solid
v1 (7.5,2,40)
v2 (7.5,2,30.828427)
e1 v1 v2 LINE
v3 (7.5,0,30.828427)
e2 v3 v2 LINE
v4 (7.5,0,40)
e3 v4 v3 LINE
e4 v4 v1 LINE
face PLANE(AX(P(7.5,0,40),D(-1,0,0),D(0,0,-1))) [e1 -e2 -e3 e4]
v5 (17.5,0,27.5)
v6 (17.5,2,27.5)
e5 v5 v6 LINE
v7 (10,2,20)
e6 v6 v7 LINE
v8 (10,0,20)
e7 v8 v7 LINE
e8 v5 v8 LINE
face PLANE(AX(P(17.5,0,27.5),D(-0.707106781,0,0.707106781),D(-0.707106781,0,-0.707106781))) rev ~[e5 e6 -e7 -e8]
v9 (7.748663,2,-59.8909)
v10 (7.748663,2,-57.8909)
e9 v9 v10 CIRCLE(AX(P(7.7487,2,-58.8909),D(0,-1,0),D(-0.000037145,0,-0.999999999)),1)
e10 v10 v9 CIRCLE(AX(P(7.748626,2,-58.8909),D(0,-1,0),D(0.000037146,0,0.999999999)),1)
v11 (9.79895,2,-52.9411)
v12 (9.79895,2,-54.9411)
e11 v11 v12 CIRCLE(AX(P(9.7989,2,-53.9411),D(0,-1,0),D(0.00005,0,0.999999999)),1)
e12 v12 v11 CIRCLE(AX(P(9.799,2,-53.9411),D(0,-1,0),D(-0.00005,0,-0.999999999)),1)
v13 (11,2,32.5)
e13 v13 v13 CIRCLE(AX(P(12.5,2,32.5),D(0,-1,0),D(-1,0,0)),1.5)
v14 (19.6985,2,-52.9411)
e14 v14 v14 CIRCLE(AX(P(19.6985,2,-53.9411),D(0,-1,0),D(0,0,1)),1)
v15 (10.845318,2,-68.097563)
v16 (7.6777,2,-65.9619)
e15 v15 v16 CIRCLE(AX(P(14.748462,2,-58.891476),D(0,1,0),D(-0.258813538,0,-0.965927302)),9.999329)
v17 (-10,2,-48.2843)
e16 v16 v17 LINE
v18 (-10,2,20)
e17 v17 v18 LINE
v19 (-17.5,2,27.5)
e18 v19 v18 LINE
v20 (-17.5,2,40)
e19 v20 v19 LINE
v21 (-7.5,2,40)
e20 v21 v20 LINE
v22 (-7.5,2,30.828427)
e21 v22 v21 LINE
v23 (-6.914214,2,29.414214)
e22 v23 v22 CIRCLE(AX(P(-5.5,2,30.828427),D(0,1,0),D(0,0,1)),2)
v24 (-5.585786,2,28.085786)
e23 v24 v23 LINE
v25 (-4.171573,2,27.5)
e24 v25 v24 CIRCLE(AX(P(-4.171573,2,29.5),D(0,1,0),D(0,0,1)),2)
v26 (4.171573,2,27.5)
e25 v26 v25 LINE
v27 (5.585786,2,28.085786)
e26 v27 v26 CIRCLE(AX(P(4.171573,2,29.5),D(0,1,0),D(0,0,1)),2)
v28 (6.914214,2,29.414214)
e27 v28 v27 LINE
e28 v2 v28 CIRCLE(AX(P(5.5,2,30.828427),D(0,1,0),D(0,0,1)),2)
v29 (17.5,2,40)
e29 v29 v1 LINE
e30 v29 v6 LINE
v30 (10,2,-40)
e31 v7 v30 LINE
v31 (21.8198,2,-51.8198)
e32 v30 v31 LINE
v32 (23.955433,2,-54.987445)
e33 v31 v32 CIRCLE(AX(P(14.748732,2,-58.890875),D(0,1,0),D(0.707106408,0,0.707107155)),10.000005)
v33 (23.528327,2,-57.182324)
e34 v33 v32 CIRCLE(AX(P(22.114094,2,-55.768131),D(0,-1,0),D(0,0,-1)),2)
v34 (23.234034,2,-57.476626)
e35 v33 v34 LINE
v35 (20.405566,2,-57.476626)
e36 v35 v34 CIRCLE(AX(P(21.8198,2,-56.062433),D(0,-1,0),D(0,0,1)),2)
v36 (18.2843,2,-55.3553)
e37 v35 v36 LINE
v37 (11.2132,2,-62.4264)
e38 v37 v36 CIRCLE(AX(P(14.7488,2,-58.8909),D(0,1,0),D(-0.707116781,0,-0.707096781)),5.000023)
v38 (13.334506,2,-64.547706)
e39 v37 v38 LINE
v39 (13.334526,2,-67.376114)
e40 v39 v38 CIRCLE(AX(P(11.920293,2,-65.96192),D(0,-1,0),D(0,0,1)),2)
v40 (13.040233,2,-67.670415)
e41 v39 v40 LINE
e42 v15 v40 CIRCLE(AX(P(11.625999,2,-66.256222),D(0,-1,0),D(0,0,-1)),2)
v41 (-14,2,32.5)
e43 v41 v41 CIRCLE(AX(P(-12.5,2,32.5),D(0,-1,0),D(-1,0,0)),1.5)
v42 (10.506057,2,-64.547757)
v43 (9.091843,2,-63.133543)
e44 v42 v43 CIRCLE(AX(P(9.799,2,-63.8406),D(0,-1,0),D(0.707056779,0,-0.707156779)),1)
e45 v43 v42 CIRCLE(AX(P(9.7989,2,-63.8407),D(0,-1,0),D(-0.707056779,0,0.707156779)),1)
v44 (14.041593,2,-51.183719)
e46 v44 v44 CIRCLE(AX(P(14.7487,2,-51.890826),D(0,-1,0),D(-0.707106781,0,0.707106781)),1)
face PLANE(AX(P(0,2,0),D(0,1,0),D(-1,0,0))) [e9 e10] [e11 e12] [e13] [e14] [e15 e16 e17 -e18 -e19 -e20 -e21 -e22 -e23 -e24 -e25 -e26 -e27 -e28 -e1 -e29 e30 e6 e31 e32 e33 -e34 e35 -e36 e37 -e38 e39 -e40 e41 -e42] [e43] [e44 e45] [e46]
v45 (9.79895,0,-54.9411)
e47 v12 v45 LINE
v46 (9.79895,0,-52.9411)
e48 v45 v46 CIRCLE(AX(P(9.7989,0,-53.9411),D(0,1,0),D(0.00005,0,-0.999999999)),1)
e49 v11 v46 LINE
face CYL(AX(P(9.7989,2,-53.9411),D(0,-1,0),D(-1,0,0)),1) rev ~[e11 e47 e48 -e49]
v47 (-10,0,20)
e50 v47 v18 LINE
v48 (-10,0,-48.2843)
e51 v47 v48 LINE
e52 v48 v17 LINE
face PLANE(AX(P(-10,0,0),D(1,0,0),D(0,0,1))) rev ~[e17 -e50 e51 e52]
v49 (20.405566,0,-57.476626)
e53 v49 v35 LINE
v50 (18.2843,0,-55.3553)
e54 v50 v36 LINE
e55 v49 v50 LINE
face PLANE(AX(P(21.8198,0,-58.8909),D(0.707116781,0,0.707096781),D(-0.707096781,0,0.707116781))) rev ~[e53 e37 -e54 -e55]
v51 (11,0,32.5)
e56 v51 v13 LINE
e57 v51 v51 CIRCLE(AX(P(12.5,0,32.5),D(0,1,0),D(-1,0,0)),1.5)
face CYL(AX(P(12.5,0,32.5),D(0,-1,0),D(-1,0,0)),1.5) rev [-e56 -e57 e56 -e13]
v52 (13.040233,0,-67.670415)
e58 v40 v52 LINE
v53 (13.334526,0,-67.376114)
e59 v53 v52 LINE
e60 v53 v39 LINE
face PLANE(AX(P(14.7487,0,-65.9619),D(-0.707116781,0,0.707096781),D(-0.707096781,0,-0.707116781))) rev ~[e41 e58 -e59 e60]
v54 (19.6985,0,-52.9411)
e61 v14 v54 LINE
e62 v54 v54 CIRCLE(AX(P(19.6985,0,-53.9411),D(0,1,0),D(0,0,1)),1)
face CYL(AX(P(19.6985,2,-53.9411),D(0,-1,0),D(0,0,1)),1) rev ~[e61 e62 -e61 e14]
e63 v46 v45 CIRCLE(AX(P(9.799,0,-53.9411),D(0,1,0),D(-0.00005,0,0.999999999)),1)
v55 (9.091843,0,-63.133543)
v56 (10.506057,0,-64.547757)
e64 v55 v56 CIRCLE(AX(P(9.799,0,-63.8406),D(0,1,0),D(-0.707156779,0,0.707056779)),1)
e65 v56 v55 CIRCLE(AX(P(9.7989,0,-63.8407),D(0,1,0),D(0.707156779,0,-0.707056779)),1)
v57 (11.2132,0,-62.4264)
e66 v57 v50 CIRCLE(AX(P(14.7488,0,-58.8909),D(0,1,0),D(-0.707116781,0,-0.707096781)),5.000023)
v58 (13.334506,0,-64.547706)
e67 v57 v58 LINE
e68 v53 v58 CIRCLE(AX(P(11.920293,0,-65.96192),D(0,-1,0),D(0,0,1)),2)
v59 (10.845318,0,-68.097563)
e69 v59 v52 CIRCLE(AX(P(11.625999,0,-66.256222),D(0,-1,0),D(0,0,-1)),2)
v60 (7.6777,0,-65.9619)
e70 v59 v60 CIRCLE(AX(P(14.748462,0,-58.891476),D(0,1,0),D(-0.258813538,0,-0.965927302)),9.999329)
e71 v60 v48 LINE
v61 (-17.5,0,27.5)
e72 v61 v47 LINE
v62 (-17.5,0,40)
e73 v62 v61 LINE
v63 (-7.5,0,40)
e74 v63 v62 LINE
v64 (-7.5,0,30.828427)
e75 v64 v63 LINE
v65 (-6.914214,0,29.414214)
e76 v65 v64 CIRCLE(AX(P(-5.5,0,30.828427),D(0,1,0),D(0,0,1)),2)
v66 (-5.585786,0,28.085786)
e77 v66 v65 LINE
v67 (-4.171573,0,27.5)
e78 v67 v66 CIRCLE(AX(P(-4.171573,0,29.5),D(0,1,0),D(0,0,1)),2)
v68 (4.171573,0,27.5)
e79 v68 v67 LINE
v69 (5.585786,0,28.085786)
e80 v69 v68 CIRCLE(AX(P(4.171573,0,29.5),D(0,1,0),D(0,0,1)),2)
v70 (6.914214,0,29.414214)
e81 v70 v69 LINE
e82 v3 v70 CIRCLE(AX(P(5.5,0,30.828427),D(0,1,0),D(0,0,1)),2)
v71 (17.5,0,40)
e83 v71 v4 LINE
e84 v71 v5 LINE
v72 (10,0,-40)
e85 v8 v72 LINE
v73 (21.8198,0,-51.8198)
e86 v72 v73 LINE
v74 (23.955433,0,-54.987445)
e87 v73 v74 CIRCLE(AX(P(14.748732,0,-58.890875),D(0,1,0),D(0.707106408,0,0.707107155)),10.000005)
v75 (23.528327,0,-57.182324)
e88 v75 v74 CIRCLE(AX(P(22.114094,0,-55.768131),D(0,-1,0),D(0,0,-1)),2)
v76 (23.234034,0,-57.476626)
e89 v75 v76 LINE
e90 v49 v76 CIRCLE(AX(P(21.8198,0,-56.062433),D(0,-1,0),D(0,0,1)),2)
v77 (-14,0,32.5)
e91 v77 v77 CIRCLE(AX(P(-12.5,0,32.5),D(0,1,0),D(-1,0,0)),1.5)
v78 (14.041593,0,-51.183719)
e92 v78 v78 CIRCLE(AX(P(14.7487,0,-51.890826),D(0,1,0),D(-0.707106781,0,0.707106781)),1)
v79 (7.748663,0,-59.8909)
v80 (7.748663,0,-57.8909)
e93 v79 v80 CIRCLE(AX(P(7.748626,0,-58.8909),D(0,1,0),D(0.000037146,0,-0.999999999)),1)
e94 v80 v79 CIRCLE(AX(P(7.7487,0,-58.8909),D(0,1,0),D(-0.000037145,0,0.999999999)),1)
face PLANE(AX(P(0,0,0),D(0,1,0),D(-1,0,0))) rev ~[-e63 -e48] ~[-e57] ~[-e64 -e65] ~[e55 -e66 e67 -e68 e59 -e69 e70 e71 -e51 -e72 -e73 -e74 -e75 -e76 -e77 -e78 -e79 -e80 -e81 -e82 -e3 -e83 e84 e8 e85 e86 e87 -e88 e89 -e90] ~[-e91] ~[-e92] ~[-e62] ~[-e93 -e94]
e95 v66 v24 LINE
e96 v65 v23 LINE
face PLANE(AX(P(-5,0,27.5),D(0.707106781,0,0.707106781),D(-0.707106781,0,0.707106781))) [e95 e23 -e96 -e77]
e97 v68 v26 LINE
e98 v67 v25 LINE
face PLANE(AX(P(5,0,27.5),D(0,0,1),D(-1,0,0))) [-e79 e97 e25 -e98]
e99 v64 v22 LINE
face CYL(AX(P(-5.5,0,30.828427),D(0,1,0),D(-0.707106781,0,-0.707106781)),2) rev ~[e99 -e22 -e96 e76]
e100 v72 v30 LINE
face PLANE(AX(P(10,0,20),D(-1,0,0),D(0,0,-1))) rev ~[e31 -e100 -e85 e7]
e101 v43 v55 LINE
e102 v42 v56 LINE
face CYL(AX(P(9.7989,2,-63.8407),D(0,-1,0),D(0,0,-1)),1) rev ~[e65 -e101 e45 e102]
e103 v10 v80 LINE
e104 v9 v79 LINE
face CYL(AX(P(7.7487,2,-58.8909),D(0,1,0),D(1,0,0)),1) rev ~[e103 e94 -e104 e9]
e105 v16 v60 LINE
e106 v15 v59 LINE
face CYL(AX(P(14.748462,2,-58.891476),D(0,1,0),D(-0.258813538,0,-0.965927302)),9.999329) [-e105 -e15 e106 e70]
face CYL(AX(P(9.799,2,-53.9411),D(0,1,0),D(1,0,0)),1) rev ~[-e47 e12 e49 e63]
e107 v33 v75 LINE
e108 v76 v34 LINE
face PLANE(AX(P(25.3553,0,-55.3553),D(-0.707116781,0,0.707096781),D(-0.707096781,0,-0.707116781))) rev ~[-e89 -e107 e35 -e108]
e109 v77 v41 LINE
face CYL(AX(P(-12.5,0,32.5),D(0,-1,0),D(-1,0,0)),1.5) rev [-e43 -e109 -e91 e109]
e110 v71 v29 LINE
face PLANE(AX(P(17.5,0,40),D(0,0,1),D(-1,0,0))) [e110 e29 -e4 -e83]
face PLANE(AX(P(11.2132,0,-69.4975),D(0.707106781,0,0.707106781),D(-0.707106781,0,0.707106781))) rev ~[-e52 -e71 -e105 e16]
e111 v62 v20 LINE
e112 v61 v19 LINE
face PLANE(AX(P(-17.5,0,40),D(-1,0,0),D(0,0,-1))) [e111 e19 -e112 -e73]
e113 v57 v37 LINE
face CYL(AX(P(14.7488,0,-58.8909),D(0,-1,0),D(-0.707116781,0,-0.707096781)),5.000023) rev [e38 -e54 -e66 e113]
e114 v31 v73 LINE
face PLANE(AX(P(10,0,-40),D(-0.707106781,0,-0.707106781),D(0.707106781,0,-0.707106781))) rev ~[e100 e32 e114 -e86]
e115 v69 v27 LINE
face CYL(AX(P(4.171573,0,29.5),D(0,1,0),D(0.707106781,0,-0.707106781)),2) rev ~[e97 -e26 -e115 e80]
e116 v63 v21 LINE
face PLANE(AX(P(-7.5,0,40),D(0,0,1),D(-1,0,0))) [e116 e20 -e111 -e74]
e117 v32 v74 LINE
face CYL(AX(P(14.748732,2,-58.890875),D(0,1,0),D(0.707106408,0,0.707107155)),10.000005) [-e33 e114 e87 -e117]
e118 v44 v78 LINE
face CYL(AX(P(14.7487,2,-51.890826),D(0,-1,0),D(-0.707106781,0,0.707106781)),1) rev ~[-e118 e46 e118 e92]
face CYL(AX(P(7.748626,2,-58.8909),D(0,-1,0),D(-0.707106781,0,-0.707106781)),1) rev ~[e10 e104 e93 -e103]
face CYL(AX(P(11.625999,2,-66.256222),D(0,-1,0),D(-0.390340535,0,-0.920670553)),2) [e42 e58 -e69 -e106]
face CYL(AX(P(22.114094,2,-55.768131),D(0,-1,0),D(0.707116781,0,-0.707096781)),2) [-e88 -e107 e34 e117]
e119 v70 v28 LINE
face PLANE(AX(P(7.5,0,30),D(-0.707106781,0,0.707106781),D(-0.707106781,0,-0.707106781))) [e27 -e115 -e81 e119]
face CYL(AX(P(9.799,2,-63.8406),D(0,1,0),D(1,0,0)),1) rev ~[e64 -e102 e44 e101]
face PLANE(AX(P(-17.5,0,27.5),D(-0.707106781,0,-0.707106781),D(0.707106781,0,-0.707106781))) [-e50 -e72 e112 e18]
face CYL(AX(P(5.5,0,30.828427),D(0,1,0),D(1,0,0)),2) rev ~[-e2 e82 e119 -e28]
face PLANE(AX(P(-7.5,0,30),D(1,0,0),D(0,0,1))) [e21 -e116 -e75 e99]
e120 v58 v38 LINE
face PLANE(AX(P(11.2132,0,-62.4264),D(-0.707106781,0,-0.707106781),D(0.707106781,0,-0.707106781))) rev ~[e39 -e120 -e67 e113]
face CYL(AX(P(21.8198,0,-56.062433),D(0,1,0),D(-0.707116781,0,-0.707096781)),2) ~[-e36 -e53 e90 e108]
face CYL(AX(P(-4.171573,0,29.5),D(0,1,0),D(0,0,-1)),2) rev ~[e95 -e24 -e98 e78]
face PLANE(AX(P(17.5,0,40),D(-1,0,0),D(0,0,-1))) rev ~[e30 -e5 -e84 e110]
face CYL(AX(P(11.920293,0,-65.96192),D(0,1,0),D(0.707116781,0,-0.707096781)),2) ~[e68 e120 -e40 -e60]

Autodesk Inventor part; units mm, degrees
ref_plane "YZ Plane" through (0, 0, 0) normal (1, 0, 0) x (0, 1, 0)
ref_plane "XZ Plane" through (0, 0, 0) normal (0, 1, 0) x (-1, 0, 0)
ref_plane "XY Plane" through (0, 0, 0) normal (0, 0, 1) x (1, 0, 0)
sketch "スケッチ1" plane through (0, 0, 0) normal (0, 1, 0) x (-1, 0, 0)
  line L0 (-17.5, 40) -> (-7.5, 40)
  line L1 (-7.5, 40) -> (-7.5, 30)
  line L2 (-7.5, 30) -> (-5, 27.5)
  line L3 (-5, 27.5) -> (5, 27.5)
  line L4 (5, 27.5) -> (7.5, 30)
  line L5 (7.5, 30) -> (7.5, 40)
  line L6 (7.5, 40) -> (17.5, 40)
  circle A0 centre (-12.5, 32.5) radius 1.5
  circle A1 centre (12.5, 32.5) radius 1.5
  line L7 (-17.5, 40) -> (-17.5, 27.5)
  line L8 (-17.5, 27.5) -> (-10, 20)
  line L9 (17.5, 40) -> (17.5, 27.5)
  line L10 (17.5, 27.5) -> (10, 20)
  line L11 (-10, 20) -> (-10, -40)
  line L12 (-10, -40) -> (-25.3553, -55.3553)
  line L13 (-11.2132, -69.4975) -> (10, -48.2843)
  line L14 (10, -48.2843) -> (10, 20)
  line L15 (0, 0) -> (47.4517, 0)
  line L16 (-21.8198, -58.8909) -> (-18.2843, -55.3553)
  line L17 (-11.2132, -62.4264) -> (-14.7487, -65.9619)
  arc A2 (-11.2132, -62.4264) -> (-18.2843, -55.3553) centre (-14.7487, -58.8909) ccw
  line L18 (-25.3553, -55.3553) -> (-21.8198, -58.8909)
  line L19 (-14.7487, -65.9619) -> (-11.2132, -69.4975)
  dimension "d2" = 10
  dimension "d3" = 135
  dimension "d4" = 45
  dimension "d6" = 15
  dimension "d7" = 2.5
  dimension "d8" = 10
  dimension "d9" = 10
  dimension "d10" = 10
  dimension "d11" = 10
  dimension "d12" = 90
  dimension "d15" = 25
  dimension "d16" = 5
  dimension "d17" = 20
  dimension "d18" = 7.5
  dimension "d19" = 7.5
  dimension "d20" = 5
  dimension "d21" = 60
  dimension "d22" = 20
  dimension "d23" = 135
  dimension "d24" = 10
  dimension "d27" = 20
  dimension "d28" = 20
  dimension "d29" = 90
  dimension "d31" = 3
  dimension "d33" = 10
  dimension "d35" = 10
  dimension "d37" = 5
  dimension "d38" = 5
  dimension "d39" = 5
  dimension "d40" = 30
extrude "押し出し2" add sketch "スケッチ1" along normal blind 2
sketch "スケッチ2" plane through (0, 2, 0) normal (0, 1, 0) x (1, 0, 0)
  line L0 (25.3553, 55.3553) -> (21.8198, 58.8909) projected
  arc A0 (11.2132, 62.4264) -> (18.2843, 55.3553) centre (14.7487, 58.8909) ccw projected
  circle A1 centre (19.6985, 53.9411) radius 1
  point P0 (0, 0)
  dimension "d48" = 5
  dimension "d49" = 7
  dimension "d50" = 2
hole "穴1" at (19.6985, 2, -53.9411) direction (0, -1, 0) diameter 2 end through all
pattern_circular "円形状パターン1" count 5 over 180 about axis through (14.7487, 0, -58.8909) along (0, -1, 0) of "穴1"
sketch "スケッチ3" plane through (0, 2, 0) normal (0, 1, 0) x (1, 0, 0)
  circle A0 centre (9.799, 63.8406) radius 1 projected
  circle A1 centre (7.7487, 58.8909) radius 1 projected
  circle A2 centre (9.799, 53.9411) radius 1 projected
  circle A3 centre (14.7487, 51.8909) radius 1 projected
  circle A4 centre (19.6985, 53.9411) radius 1 projected
  circle A5 centre (-12.5, -32.5) radius 1.5 projected
  circle A6 centre (12.5, -32.5) radius 1.5 projected
  line L0 (7.5, -40) -> (17.5, -40) projected
  line L1 (17.5, -40) -> (17.5, -27.5) projected
  line L2 (17.5, -27.5) -> (10, -20) projected
  line L3 (10, -20) -> (10, 40) projected
  line L4 (10, 40) -> (25.3553, 55.3553) projected
  line L5 (25.3553, 55.3553) -> (21.8198, 58.8909) projected
  line L6 (21.8198, 58.8909) -> (18.2843, 55.3553) projected
  arc A7 (11.2132, 62.4264) -> (18.2843, 55.3553) centre (14.7487, 58.8909) ccw projected
  line L7 (11.2132, 62.4264) -> (14.7487, 65.9619) projected
  line L8 (14.7487, 65.9619) -> (11.2132, 69.4975) projected
  line L9 (11.2132, 69.4975) -> (-10, 48.2843) projected
  line L10 (-10, 48.2843) -> (-10, -20) projected
  line L11 (-10, -20) -> (-17.5, -27.5) projected
  line L12 (-17.5, -27.5) -> (-17.5, -40) projected
  line L13 (-17.5, -40) -> (-7.5, -40) projected
  line L14 (-7.5, -40) -> (-7.5, -30) projected
  line L15 (-7.5, -30) -> (-5, -27.5) projected
  line L16 (-5, -27.5) -> (5, -27.5) projected
  line L17 (5, -27.5) -> (7.5, -30) projected
  line L18 (7.5, -30) -> (7.5, -40) projected
  arc A8 (12.1605, 68.5501) -> (7.6777, 65.9619) centre (14.7487, 58.8909) ccw
  arc A9 (21.8198, 51.8198) -> (24.408, 56.3027) centre (14.7487, 58.8909) ccw
  point P0 (0, 0)
extrude "押し出し3" cut sketch "スケッチ3" against normal blind 2 contours L18 L17 L16 L15 L14 L13 L12 L11 L10 L9 A8 L8 L7 A7 L6 L5 A9 L4 L3 L2 L1 L0 keep common part
fillet "フィレット1" radius 2 4 edges at (14.7487, 1, -65.9619) (21.8198, 1, -58.8909) (24.408, 1, -56.3027) (12.1605, 1, -68.5501)
fillet "フィレット2" radius 2 4 edges at (-5, 1, 27.5) (-7.5, 1, 30) (5, 1, 27.5) (7.5, 1, 30)
properties part number "Arm_Link"
